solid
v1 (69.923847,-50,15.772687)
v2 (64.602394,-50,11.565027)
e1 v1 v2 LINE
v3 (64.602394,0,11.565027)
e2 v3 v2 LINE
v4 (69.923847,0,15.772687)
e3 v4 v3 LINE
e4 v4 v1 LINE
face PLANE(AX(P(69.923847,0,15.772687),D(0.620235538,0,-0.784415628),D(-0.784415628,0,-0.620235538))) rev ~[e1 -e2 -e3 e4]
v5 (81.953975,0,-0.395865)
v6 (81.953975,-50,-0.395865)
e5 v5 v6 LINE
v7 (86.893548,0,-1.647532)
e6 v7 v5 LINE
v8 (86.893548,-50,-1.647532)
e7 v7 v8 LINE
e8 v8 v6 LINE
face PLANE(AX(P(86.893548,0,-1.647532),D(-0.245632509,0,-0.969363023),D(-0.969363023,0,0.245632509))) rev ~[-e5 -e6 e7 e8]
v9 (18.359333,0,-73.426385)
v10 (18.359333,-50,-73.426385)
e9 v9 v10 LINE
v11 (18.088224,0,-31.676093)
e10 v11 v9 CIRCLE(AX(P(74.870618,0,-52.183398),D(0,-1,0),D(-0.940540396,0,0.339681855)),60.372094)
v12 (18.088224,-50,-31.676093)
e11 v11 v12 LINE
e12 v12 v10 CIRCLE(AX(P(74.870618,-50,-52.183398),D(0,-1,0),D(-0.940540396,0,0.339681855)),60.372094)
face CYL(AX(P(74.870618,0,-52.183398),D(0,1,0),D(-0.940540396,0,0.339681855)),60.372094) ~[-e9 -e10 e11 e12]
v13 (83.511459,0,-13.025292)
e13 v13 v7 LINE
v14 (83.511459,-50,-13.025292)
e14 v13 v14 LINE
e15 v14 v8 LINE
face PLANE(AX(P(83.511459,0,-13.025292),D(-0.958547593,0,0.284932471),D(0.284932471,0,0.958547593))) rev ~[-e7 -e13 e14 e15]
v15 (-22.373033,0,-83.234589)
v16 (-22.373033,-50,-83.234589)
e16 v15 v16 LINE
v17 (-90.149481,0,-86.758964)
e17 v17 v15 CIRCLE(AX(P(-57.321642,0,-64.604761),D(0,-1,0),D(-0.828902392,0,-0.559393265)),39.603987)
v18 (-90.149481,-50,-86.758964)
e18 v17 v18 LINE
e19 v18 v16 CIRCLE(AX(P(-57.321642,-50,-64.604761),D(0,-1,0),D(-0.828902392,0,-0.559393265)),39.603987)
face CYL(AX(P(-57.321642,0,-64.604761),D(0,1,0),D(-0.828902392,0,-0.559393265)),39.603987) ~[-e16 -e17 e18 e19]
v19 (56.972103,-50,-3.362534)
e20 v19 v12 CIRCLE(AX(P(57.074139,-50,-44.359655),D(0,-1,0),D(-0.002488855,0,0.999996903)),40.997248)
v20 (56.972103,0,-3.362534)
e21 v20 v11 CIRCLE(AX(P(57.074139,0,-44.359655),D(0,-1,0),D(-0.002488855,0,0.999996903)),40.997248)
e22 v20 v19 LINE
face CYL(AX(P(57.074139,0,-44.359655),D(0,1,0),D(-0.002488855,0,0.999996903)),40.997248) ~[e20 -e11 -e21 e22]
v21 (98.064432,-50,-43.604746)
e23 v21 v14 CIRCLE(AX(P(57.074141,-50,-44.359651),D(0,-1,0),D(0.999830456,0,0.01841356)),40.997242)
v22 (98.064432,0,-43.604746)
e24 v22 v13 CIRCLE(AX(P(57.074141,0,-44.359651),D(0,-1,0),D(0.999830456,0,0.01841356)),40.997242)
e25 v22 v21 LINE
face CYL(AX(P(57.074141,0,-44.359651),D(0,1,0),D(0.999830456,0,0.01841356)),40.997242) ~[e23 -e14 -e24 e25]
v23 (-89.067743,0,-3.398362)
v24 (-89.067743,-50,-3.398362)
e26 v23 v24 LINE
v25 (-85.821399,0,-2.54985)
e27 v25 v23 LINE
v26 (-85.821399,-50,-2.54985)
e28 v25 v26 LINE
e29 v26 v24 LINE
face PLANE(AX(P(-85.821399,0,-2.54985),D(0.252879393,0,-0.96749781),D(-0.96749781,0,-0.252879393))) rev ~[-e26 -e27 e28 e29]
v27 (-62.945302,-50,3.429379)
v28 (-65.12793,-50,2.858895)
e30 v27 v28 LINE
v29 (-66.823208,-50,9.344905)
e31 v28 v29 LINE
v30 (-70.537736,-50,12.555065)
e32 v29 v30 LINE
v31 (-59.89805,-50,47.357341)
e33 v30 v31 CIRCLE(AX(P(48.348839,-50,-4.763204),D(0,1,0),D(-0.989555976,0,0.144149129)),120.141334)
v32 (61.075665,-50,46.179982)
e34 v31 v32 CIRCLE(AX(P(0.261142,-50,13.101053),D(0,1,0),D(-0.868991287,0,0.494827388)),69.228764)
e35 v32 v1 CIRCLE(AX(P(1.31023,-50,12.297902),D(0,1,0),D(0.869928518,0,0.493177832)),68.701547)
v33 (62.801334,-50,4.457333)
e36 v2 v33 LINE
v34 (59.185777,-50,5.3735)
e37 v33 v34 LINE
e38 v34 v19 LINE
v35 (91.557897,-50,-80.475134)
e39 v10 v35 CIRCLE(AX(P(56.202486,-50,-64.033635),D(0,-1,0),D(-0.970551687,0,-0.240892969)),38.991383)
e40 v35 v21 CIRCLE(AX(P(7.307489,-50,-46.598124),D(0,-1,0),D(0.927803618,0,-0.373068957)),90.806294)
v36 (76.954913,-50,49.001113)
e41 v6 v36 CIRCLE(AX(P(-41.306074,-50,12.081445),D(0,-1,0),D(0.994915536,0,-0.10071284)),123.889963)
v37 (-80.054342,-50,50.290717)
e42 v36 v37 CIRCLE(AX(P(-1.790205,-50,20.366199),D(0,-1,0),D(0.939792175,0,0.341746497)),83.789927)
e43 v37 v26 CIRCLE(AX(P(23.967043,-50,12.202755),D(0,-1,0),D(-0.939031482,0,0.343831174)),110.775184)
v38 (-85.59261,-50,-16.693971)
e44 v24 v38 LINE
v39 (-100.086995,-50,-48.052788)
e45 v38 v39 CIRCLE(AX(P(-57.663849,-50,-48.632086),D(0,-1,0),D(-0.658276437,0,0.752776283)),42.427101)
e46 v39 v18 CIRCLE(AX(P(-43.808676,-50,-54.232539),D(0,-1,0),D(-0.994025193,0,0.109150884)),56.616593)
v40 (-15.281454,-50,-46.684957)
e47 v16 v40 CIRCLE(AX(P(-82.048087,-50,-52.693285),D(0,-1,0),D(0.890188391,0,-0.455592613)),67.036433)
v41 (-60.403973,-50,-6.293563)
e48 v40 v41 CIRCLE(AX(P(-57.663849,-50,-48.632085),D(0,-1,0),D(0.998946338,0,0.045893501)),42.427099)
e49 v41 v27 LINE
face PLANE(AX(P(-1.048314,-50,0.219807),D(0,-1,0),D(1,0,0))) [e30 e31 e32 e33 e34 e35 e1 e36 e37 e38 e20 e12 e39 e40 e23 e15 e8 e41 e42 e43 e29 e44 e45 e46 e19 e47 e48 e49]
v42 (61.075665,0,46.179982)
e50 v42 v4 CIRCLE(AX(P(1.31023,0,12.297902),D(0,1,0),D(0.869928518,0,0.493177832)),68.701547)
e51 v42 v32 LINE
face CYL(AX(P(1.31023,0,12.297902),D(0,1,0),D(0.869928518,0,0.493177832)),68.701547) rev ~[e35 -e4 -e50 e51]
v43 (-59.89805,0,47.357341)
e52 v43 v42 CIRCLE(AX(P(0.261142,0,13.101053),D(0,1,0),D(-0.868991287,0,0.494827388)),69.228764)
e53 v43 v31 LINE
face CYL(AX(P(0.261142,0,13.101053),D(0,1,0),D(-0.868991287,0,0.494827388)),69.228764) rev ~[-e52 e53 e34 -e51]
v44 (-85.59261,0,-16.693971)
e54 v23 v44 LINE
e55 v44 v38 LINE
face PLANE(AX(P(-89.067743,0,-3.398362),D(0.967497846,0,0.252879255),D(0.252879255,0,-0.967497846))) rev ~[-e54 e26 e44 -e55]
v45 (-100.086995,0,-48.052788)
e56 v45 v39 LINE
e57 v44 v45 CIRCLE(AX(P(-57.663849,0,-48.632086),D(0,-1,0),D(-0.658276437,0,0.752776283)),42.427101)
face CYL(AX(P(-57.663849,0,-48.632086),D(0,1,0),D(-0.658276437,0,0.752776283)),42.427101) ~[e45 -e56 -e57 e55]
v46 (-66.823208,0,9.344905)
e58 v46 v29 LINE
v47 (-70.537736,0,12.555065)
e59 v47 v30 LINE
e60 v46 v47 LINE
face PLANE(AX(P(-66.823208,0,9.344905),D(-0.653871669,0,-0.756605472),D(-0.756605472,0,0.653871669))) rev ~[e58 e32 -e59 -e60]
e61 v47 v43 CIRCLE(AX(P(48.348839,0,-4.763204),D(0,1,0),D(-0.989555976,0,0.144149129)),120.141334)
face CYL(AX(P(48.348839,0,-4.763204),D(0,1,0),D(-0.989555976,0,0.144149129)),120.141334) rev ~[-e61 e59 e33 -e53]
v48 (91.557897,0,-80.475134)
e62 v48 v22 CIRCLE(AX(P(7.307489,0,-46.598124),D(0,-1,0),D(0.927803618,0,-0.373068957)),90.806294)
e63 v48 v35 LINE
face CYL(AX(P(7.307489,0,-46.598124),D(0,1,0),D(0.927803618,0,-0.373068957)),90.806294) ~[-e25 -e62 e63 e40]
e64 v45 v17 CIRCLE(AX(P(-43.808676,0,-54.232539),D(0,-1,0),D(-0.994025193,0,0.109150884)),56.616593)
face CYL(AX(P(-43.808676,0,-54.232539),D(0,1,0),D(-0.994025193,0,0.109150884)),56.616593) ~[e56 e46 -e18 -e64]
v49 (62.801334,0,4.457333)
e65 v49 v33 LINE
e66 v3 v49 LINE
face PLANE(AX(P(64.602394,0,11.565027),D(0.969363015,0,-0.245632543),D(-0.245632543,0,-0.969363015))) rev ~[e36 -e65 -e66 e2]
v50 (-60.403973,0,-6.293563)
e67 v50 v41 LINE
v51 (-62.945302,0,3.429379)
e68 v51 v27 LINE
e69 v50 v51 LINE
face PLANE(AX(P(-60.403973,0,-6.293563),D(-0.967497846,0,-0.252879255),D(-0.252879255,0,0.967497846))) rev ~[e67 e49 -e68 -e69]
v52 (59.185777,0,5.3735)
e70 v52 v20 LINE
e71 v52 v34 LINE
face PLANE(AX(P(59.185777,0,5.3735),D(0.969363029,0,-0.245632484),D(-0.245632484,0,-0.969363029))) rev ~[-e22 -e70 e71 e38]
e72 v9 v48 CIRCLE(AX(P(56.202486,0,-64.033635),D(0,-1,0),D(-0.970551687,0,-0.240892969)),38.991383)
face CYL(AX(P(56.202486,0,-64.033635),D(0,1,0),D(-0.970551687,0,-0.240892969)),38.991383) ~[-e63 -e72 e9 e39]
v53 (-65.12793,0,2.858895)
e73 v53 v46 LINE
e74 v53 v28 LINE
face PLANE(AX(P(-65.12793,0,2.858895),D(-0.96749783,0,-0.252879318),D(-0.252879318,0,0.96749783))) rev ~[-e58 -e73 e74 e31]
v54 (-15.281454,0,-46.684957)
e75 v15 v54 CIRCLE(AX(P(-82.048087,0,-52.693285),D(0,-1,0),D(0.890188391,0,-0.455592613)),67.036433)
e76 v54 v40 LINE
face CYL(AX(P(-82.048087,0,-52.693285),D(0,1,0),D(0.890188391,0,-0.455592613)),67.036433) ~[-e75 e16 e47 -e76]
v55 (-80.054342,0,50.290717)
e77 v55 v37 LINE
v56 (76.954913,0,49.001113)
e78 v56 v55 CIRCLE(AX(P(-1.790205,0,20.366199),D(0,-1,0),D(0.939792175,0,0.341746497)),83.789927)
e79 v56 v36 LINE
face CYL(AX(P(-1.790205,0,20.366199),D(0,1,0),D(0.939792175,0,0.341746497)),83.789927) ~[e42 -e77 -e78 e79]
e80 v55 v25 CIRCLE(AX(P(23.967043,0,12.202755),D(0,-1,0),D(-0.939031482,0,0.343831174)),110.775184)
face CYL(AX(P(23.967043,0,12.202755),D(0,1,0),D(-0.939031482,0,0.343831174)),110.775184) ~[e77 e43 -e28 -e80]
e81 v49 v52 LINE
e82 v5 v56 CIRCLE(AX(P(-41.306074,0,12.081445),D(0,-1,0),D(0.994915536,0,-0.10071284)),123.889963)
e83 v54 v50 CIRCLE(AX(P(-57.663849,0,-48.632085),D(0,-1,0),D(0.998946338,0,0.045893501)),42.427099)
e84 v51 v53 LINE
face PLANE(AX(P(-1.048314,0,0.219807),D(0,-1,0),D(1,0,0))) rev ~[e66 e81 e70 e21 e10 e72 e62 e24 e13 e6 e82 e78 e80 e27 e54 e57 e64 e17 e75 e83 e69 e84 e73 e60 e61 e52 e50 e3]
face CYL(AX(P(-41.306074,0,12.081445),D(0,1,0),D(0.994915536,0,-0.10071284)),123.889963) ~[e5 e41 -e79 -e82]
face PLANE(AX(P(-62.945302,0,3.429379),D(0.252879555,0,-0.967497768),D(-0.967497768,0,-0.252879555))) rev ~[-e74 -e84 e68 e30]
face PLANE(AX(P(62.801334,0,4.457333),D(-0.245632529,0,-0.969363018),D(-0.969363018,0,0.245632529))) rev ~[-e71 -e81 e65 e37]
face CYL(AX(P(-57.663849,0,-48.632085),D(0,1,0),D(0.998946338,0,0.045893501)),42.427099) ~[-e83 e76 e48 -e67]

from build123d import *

# Parameters (mm, degrees)
F1_DEPTH = 50


with BuildPart() as f1:
    # F0 (on Front) → F1 (new body)
    with BuildSketch(Plane.XZ):
        with BuildLine():
            ThreePointArc((-22.373033, -83.234589), (-16.238939, -65.461971), (-15.281454, -46.684957))
            ThreePointArc((-15.281454, -46.684957), (-29.366436, -17.020139), (-60.403973, -6.293563))
            Line((-60.403973, -6.293563), (-62.945302, 3.429379))
            Line((-62.945302, 3.429379), (-65.12793, 2.858895))
            Line((-65.12793, 2.858895), (-66.823208, 9.344905))
            Line((-66.823208, 9.344905), (-70.537736, 12.555065))
            ThreePointArc((-70.537736, 12.555065), (-66.543294, 30.361402), (-59.89805, 47.357341))
            ThreePointArc((-59.89805, 47.357341), (0.934869, 82.326538), (61.075665, 46.179982))
            ThreePointArc((61.075665, 46.179982), (67.275722, 31.493121), (69.923847, 15.772687))
            Line((69.923847, 15.772687), (64.602394, 11.565027))
            Line((64.602394, 11.565027), (62.801334, 4.457333))
            Line((62.801334, 4.457333), (59.185777, 5.3735))
            Line((59.185777, 5.3735), (56.972103, -3.362534))
            ThreePointArc((56.972103, -3.362534), (32.94156, -11.217643), (18.088224, -31.676093))
            ThreePointArc((18.088224, -31.676093), (14.499796, -52.575421), (18.359333, -73.426385))
            ThreePointArc((18.359333, -73.426385), (52.46505, -102.845483), (91.557897, -80.475134))
            ThreePointArc((91.557897, -80.475134), (96.732036, -62.378917), (98.064432, -43.604746))
            ThreePointArc((98.064432, -43.604746), (94.093006, -26.742118), (83.511459, -13.025292))
            Line((83.511459, -13.025292), (86.893548, -1.647532))
            Line((86.893548, -1.647532), (81.953975, -0.395865))
            ThreePointArc((81.953975, -0.395865), (81.954293, 24.555613), (76.954913, 49.001113))
            ThreePointArc((76.954913, 49.001113), (-1.102015, 104.1533), (-80.054342, 50.290717))
            ThreePointArc((-80.054342, 50.290717), (-86.154217, 24.221468), (-85.821399, -2.54985))
            Line((-85.821399, -2.54985), (-89.067743, -3.398362))
            Line((-89.067743, -3.398362), (-85.59261, -16.693971))
            ThreePointArc((-85.59261, -16.693971), (-96.176075, -30.831318), (-100.086995, -48.052788))
            ThreePointArc((-100.086995, -48.052788), (-98.646739, -68.311792), (-90.149481, -86.758964))
            ThreePointArc((-90.149481, -86.758964), (-55.265013, -104.155311), (-22.373033, -83.234589))
        make_face()
    extrude(amount=F1_DEPTH)


solid = f1.part
